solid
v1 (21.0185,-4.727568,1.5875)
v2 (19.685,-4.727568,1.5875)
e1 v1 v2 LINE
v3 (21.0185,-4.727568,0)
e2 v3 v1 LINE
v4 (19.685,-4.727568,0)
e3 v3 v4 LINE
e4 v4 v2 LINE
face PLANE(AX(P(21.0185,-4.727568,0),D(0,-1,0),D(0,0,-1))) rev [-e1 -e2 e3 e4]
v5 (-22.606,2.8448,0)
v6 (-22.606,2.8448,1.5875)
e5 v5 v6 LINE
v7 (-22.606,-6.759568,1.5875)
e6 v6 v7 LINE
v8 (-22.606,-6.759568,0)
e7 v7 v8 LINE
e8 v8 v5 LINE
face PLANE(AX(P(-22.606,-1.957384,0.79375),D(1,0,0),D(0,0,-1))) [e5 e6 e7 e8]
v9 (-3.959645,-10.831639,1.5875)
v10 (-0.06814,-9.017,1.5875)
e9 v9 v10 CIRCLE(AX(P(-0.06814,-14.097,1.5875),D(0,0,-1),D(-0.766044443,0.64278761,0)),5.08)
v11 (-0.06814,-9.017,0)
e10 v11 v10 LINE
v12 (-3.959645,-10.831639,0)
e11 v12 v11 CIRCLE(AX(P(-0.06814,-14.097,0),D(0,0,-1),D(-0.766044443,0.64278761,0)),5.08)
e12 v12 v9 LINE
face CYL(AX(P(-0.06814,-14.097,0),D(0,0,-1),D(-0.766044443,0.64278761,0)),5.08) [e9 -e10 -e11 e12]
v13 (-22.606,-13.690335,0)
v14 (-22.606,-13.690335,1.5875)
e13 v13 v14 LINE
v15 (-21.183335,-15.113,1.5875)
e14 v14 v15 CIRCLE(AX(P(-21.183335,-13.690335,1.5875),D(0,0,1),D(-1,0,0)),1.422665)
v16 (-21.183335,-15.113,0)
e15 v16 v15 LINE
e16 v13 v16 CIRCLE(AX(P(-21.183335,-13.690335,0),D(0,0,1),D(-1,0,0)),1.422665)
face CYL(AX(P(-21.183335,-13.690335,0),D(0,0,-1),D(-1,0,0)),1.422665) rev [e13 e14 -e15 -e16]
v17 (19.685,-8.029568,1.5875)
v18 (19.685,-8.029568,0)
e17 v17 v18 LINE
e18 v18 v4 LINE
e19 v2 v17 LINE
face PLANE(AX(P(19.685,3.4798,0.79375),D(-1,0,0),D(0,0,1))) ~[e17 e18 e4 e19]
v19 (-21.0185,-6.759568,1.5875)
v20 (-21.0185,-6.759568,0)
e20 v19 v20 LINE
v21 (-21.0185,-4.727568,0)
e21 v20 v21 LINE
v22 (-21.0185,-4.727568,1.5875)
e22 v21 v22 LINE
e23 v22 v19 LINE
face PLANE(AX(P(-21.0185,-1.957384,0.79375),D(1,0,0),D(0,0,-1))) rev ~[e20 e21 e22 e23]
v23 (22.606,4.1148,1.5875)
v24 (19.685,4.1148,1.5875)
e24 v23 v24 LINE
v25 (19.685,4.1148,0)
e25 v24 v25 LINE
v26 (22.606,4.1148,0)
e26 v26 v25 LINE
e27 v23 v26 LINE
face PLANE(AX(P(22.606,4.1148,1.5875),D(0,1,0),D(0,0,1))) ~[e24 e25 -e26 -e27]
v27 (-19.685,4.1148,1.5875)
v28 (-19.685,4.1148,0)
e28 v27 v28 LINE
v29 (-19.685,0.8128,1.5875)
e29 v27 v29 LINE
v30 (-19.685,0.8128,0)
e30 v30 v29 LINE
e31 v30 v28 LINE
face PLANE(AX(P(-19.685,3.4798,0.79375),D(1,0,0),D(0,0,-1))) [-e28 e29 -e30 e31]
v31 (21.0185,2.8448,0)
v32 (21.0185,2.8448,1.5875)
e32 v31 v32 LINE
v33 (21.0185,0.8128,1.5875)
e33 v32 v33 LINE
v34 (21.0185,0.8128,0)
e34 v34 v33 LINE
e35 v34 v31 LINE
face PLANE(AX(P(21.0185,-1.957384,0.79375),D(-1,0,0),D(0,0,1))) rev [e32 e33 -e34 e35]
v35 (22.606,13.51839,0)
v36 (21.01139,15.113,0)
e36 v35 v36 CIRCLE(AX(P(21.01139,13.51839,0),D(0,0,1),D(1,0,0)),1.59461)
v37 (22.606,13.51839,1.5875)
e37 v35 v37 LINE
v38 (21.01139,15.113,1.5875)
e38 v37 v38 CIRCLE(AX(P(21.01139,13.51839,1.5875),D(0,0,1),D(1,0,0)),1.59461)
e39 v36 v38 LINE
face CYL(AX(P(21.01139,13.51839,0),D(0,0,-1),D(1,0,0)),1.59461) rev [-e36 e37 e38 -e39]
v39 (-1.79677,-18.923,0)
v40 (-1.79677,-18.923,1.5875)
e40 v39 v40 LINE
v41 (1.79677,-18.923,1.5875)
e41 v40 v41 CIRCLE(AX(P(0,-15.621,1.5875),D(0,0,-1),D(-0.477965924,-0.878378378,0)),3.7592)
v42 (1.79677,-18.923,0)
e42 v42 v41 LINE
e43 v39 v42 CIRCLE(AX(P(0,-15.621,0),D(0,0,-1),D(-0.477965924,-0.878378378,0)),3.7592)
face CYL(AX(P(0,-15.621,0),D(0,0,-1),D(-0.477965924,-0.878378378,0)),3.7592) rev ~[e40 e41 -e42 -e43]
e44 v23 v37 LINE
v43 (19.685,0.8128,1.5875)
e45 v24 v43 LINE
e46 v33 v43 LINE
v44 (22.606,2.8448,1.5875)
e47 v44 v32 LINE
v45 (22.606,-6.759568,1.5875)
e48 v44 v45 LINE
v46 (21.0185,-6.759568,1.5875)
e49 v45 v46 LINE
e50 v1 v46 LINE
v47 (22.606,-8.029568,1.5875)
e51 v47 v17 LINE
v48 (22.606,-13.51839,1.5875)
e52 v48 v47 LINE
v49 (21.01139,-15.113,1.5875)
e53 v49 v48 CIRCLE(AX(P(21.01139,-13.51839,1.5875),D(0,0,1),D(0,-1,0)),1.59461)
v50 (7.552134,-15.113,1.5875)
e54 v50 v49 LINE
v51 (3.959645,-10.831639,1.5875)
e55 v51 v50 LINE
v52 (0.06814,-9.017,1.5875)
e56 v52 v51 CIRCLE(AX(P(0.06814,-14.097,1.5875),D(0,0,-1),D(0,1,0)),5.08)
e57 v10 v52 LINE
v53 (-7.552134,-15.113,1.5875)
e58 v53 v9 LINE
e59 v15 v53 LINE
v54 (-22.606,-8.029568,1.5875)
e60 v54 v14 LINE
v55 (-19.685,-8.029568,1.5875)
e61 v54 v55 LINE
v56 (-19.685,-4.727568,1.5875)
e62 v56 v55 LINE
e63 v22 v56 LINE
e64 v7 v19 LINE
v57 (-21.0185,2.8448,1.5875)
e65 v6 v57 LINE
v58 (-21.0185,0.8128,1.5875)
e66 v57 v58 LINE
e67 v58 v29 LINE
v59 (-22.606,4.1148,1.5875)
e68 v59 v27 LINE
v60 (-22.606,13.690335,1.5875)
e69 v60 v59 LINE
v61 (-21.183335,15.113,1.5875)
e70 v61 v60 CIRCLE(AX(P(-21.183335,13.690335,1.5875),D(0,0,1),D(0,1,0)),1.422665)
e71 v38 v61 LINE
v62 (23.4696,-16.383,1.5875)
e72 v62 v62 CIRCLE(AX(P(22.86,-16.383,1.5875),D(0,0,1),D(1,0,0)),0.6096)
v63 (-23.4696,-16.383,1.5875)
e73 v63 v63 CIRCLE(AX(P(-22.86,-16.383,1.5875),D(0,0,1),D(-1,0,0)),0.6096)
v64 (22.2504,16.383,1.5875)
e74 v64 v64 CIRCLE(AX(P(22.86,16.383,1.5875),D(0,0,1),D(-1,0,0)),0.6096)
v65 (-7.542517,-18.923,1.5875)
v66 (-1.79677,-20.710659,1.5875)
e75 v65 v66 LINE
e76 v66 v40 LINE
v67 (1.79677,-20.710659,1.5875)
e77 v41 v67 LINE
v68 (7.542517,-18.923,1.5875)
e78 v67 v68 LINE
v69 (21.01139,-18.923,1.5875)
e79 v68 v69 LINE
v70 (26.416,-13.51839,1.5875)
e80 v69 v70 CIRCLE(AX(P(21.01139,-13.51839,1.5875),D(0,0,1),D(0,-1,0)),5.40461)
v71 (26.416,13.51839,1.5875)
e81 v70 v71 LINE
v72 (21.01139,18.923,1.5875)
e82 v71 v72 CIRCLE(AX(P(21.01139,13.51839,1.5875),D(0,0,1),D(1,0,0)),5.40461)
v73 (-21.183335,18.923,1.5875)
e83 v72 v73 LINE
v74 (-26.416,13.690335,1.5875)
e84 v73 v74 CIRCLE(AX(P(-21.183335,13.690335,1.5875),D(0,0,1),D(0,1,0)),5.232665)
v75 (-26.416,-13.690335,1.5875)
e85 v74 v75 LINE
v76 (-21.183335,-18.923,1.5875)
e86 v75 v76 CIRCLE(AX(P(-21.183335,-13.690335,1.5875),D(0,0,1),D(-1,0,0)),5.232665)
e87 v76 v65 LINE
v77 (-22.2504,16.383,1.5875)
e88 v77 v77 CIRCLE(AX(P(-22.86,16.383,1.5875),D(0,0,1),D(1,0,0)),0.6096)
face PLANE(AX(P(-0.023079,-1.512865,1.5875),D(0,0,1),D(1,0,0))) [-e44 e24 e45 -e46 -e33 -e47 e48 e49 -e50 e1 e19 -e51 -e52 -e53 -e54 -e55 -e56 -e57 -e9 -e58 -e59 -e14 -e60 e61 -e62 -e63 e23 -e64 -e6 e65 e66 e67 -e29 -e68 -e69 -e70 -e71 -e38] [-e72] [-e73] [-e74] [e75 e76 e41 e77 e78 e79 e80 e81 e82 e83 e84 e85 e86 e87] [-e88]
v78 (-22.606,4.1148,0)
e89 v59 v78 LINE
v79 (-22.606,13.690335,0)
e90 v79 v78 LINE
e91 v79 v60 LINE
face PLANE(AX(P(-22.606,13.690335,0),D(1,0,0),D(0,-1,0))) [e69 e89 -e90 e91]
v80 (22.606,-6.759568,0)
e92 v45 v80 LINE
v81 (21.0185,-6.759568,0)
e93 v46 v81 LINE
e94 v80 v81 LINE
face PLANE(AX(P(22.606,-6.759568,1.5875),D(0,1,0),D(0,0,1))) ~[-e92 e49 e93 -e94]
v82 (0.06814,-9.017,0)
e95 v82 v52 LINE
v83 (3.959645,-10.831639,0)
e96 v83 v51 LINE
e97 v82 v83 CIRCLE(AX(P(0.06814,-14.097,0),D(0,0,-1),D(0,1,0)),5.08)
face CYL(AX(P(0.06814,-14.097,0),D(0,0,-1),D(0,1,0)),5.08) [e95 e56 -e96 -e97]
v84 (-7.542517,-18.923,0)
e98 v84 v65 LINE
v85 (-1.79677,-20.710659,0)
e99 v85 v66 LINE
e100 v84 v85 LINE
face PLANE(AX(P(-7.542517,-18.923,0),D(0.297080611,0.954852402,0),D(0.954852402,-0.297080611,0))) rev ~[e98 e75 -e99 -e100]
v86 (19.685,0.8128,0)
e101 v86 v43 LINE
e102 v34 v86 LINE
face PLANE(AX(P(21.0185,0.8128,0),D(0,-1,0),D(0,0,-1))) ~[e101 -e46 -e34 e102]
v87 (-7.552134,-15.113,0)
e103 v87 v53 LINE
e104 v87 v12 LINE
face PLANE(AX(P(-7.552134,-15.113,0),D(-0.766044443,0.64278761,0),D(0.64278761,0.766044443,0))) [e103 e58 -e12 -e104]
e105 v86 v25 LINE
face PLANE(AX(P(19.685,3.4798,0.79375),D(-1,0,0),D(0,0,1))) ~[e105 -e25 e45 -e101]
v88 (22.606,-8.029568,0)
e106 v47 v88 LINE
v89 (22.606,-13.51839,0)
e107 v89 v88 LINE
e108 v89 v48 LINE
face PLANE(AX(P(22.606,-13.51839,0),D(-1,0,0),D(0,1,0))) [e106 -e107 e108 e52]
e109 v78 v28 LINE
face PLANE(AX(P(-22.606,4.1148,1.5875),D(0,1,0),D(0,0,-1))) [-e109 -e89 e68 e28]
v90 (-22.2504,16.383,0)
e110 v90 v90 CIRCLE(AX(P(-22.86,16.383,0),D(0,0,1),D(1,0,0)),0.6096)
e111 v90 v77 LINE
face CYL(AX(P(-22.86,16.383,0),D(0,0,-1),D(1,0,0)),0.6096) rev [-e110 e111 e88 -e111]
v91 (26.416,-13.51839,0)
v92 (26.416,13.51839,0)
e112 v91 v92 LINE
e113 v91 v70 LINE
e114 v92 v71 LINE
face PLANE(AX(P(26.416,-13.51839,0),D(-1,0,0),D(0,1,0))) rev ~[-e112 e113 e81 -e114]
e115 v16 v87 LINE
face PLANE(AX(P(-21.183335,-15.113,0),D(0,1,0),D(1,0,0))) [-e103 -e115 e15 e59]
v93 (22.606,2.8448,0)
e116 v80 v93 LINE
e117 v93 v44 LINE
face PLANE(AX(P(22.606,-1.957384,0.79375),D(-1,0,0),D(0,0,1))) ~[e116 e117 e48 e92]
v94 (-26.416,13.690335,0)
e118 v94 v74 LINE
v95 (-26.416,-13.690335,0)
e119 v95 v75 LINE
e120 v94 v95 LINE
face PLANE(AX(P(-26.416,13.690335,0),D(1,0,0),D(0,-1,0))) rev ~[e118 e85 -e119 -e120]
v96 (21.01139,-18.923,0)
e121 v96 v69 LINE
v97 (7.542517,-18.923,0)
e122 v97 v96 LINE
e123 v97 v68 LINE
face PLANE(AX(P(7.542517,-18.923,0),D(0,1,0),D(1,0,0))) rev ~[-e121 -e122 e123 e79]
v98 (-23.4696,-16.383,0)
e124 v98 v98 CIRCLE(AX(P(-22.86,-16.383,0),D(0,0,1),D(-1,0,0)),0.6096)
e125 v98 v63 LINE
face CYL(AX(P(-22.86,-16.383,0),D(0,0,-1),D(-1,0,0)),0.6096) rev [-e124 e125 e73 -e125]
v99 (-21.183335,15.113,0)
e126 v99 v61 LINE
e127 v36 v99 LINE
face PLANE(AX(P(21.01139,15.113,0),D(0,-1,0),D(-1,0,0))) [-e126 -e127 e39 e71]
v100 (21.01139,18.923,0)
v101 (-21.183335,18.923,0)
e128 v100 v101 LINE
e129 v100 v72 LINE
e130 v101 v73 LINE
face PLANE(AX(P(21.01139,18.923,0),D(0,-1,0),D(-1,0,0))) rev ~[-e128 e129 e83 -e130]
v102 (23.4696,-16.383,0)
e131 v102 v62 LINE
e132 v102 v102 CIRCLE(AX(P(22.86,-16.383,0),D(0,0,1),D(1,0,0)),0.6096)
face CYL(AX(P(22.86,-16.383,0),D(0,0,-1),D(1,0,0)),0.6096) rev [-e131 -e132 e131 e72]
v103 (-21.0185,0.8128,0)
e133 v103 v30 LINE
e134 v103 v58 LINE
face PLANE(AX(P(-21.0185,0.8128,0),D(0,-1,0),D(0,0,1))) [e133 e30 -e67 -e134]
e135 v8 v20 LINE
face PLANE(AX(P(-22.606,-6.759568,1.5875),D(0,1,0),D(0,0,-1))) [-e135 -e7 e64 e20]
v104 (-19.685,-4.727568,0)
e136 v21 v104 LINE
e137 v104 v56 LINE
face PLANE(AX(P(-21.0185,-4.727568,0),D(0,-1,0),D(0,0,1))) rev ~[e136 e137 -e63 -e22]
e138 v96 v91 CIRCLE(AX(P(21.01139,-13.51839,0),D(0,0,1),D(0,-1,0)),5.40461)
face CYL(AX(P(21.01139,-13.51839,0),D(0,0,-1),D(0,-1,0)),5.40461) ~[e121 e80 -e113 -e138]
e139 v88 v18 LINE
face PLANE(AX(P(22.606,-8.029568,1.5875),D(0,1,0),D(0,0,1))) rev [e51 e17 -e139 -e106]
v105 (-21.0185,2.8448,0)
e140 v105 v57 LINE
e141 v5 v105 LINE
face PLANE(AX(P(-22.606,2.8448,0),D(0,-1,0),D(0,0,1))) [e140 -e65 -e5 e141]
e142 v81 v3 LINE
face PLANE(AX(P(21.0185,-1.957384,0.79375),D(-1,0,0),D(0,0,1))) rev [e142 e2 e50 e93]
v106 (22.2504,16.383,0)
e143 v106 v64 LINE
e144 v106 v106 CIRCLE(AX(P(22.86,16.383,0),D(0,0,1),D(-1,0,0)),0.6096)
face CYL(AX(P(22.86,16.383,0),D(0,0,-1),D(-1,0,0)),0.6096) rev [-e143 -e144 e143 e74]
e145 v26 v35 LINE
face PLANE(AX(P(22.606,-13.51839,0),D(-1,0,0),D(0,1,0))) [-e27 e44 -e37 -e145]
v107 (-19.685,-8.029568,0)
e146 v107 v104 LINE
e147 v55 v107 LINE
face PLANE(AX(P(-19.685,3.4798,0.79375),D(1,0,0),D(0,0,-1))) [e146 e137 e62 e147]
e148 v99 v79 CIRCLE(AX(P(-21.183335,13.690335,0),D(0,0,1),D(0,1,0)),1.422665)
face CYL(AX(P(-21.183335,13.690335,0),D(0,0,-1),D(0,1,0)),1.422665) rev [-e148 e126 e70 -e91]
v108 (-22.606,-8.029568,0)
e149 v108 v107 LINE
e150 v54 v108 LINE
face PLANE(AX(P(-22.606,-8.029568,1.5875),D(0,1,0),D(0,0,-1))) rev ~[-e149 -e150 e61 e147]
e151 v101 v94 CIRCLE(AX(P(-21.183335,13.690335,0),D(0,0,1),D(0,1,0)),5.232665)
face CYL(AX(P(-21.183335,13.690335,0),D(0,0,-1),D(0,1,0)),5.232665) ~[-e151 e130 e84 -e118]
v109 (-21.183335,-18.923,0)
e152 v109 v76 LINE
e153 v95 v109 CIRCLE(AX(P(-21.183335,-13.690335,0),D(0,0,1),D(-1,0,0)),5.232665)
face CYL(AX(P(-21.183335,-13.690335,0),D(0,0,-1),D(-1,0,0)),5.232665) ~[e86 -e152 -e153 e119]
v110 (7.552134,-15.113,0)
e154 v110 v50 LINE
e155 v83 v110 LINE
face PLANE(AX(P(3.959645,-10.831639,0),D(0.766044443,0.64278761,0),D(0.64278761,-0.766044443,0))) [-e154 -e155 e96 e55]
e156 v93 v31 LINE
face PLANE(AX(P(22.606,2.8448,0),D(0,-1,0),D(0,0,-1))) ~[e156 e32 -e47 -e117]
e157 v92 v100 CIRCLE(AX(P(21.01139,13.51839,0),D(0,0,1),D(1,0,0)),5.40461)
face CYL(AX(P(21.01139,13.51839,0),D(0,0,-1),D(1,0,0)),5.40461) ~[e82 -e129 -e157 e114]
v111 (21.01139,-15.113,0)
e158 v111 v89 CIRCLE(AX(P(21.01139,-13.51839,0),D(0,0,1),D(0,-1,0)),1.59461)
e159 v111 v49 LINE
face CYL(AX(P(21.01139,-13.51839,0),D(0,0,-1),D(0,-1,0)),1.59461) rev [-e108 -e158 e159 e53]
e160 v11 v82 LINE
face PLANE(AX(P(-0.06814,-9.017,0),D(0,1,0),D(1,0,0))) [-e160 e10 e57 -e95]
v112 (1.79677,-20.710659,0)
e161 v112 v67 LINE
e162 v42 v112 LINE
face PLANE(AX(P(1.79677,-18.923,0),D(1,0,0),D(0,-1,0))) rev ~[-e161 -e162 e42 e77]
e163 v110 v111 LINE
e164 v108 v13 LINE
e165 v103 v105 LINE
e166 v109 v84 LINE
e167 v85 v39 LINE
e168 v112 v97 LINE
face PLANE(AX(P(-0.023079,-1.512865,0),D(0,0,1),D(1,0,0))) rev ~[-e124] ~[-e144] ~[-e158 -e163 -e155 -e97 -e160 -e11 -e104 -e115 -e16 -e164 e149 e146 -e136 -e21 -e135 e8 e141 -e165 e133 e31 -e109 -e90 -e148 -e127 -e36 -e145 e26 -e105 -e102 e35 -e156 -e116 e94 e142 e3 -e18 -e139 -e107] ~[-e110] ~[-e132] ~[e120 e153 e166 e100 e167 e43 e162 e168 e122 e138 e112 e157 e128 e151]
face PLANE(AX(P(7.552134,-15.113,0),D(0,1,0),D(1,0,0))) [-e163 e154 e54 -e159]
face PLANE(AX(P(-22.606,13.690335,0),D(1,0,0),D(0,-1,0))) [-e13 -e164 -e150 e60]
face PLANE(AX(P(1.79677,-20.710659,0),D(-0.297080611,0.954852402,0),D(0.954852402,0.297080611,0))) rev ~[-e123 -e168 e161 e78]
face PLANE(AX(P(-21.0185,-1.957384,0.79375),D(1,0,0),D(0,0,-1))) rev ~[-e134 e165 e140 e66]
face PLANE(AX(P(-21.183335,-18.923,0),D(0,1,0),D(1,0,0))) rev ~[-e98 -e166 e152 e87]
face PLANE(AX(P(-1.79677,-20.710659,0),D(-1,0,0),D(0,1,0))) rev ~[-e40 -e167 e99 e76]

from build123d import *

# Parameters (mm, degrees)
SKETCH1_R           = 0.6096
BOSS_EXTRUDE1_DEPTH = 1.5875
SKETCH2_W           = 1.5875
SKETCH2_H           = 1.27
BOSS_EXTRUDE2_DEPTH = 2.921
CUT_EXTRUDE1_DEPTH  = 1.5875
SKETCH3_W           = 1.5875
SKETCH3_H           = 5.540367605
CUT_EXTRUDE2_DEPTH  = 1.3335


with BuildPart() as part:
    # Sketch1 → Boss-Extrude1 (new body)
    with BuildSketch(Plane.XY):
        with BuildLine():
            Line((-21.183334762, -18.923), (-7.542517063, -18.923))
            Line((-7.542517063, -18.923), (-1.796769501, -20.710658693))
            Line((-1.796769501, -20.710658693), (-1.796769501, -18.923))
            ThreePointArc((-1.796769501, -18.923), (0, -11.8618), (1.796769501, -18.923))
            Line((1.796769501, -18.923), (1.796769501, -20.710658693))
            Line((1.796769501, -20.710658693), (7.542517063, -18.923))
            Line((7.542517063, -18.923), (21.011390278, -18.923))
            ThreePointArc((21.011390278, -18.923), (24.833026462, -17.340026462), (26.416, -13.518390278))
            Line((26.416, -13.518390278), (26.416, 13.518390278))
            ThreePointArc((26.416, 13.518390278), (24.833026462, 17.340026462), (21.011390278, 18.923))
            Line((21.011390278, 18.923), (-21.183334762, 18.923))
            ThreePointArc((-21.183334762, 18.923), (-24.883387836, 17.390387836), (-26.416, 13.690334762))
            Line((-26.416, 13.690334762), (-26.416, -13.690334762))
            ThreePointArc((-26.416, -13.690334762), (-24.883387836, -17.390387836), (-21.183334762, -18.923))
        make_face()
        with Locations((-22.86, 16.383)):
            Circle(SKETCH1_R, mode=Mode.SUBTRACT)
        with Locations(Location((22.86, 16.383, 0), (0, 0, 180))):
            Circle(SKETCH1_R, mode=Mode.SUBTRACT)
        with Locations((22.86, -16.383)):
            Circle(SKETCH1_R, mode=Mode.SUBTRACT)
        with Locations(Location((-22.86, -16.383, 0), (0, 0, 180))):
            Circle(SKETCH1_R, mode=Mode.SUBTRACT)
        with BuildLine():
            Line((-22.606, 13.690334762), (-22.606, -13.690334762))
            ThreePointArc((-22.606, -13.690334762), (-22.189310999, -14.696310999), (-21.183334762, -15.113))
            Line((-21.183334762, -15.113), (-7.552133781, -15.113))
            Line((-7.552133781, -15.113), (-3.959645297, -10.831638943))
            ThreePointArc((-3.959645297, -10.831638943), (-2.215040295, -9.492956442), (-0.068139526, -9.017))
            Line((-0.068139526, -9.017), (0.068139526, -9.017))
            ThreePointArc((0.068139526, -9.017), (2.215040295, -9.492956442), (3.959645297, -10.831638943))
            Line((3.959645297, -10.831638943), (7.552133781, -15.113))
            Line((7.552133781, -15.113), (21.011390278, -15.113))
            ThreePointArc((21.011390278, -15.113), (22.138949626, -14.645949626), (22.606, -13.518390278))
            Line((22.606, -13.518390278), (22.606, 13.518390278))
            ThreePointArc((22.606, 13.518390278), (22.138949626, 14.645949626), (21.011390278, 15.113))
            Line((21.011390278, 15.113), (-21.183334762, 15.113))
            ThreePointArc((-21.183334762, 15.113), (-22.189310999, 14.696310999), (-22.606, 13.690334762))
        make_face(mode=Mode.SUBTRACT)
    extrude(amount=BOSS_EXTRUDE1_DEPTH)

    # Sketch2 → Boss-Extrude2 (add)
    with BuildSketch(Plane(origin=(-22.606, 0, 0), x_dir=(0, 0, -1), z_dir=(1, 0, 0))):
        with Locations((-0.79375, 3.4798)):
            Rectangle(SKETCH2_W, SKETCH2_H)
        Polygon((0, 1.469264578), (0, 2.8448), (-1.5875, 2.8448), (-1.5875, -6.644691549), (-1.5875, -6.759567605), (0, -6.759567605), align=None)
        Polygon((0, -7.914691549), (0, -6.759567605), (-1.5875, -6.759567605), (-1.5875, -7.914691549), (-1.5875, -8.029567605), (0, -8.029567605), align=None)
    boss_extrude2 = extrude(amount=BOSS_EXTRUDE2_DEPTH)

    # Sketch2<3> → Cut-Extrude1 (cut)
    with BuildSketch(Plane(origin=(-22.606, 0, 0), x_dir=(0, 0, -1), z_dir=(1, 0, 0))):
        Polygon((0, 1.469264578), (0, 2.8448), (-1.5875, 2.8448), (-1.5875, -6.644691549), (-1.5875, -6.759567605), (0, -6.759567605), align=None)
    cut_extrude1 = extrude(amount=CUT_EXTRUDE1_DEPTH, mode=Mode.SUBTRACT)

    # Sketch3 → Cut-Extrude2 (cut)
    with BuildSketch(Plane.ZY.offset(21.0185)):
        with Locations((0.79375, -1.957383802)):
            Rectangle(SKETCH3_W, SKETCH3_H)
    cut_extrude2 = extrude(amount=-CUT_EXTRUDE2_DEPTH, mode=Mode.SUBTRACT)

    # Mirror1: Boss-Extrude2, Cut-Extrude1, Cut-Extrude2 across plane
    add(boss_extrude2.mirror(Plane(origin=(0, 0, 0), x_dir=(0, 0, 1), z_dir=(1, 0, 0))))
    add(cut_extrude1.mirror(Plane(origin=(0, 0, 0), x_dir=(0, 0, 1), z_dir=(1, 0, 0))), mode=Mode.SUBTRACT)
    add(cut_extrude2.mirror(Plane(origin=(0, 0, 0), x_dir=(0, 0, 1), z_dir=(1, 0, 0))), mode=Mode.SUBTRACT)


solid = part.part
